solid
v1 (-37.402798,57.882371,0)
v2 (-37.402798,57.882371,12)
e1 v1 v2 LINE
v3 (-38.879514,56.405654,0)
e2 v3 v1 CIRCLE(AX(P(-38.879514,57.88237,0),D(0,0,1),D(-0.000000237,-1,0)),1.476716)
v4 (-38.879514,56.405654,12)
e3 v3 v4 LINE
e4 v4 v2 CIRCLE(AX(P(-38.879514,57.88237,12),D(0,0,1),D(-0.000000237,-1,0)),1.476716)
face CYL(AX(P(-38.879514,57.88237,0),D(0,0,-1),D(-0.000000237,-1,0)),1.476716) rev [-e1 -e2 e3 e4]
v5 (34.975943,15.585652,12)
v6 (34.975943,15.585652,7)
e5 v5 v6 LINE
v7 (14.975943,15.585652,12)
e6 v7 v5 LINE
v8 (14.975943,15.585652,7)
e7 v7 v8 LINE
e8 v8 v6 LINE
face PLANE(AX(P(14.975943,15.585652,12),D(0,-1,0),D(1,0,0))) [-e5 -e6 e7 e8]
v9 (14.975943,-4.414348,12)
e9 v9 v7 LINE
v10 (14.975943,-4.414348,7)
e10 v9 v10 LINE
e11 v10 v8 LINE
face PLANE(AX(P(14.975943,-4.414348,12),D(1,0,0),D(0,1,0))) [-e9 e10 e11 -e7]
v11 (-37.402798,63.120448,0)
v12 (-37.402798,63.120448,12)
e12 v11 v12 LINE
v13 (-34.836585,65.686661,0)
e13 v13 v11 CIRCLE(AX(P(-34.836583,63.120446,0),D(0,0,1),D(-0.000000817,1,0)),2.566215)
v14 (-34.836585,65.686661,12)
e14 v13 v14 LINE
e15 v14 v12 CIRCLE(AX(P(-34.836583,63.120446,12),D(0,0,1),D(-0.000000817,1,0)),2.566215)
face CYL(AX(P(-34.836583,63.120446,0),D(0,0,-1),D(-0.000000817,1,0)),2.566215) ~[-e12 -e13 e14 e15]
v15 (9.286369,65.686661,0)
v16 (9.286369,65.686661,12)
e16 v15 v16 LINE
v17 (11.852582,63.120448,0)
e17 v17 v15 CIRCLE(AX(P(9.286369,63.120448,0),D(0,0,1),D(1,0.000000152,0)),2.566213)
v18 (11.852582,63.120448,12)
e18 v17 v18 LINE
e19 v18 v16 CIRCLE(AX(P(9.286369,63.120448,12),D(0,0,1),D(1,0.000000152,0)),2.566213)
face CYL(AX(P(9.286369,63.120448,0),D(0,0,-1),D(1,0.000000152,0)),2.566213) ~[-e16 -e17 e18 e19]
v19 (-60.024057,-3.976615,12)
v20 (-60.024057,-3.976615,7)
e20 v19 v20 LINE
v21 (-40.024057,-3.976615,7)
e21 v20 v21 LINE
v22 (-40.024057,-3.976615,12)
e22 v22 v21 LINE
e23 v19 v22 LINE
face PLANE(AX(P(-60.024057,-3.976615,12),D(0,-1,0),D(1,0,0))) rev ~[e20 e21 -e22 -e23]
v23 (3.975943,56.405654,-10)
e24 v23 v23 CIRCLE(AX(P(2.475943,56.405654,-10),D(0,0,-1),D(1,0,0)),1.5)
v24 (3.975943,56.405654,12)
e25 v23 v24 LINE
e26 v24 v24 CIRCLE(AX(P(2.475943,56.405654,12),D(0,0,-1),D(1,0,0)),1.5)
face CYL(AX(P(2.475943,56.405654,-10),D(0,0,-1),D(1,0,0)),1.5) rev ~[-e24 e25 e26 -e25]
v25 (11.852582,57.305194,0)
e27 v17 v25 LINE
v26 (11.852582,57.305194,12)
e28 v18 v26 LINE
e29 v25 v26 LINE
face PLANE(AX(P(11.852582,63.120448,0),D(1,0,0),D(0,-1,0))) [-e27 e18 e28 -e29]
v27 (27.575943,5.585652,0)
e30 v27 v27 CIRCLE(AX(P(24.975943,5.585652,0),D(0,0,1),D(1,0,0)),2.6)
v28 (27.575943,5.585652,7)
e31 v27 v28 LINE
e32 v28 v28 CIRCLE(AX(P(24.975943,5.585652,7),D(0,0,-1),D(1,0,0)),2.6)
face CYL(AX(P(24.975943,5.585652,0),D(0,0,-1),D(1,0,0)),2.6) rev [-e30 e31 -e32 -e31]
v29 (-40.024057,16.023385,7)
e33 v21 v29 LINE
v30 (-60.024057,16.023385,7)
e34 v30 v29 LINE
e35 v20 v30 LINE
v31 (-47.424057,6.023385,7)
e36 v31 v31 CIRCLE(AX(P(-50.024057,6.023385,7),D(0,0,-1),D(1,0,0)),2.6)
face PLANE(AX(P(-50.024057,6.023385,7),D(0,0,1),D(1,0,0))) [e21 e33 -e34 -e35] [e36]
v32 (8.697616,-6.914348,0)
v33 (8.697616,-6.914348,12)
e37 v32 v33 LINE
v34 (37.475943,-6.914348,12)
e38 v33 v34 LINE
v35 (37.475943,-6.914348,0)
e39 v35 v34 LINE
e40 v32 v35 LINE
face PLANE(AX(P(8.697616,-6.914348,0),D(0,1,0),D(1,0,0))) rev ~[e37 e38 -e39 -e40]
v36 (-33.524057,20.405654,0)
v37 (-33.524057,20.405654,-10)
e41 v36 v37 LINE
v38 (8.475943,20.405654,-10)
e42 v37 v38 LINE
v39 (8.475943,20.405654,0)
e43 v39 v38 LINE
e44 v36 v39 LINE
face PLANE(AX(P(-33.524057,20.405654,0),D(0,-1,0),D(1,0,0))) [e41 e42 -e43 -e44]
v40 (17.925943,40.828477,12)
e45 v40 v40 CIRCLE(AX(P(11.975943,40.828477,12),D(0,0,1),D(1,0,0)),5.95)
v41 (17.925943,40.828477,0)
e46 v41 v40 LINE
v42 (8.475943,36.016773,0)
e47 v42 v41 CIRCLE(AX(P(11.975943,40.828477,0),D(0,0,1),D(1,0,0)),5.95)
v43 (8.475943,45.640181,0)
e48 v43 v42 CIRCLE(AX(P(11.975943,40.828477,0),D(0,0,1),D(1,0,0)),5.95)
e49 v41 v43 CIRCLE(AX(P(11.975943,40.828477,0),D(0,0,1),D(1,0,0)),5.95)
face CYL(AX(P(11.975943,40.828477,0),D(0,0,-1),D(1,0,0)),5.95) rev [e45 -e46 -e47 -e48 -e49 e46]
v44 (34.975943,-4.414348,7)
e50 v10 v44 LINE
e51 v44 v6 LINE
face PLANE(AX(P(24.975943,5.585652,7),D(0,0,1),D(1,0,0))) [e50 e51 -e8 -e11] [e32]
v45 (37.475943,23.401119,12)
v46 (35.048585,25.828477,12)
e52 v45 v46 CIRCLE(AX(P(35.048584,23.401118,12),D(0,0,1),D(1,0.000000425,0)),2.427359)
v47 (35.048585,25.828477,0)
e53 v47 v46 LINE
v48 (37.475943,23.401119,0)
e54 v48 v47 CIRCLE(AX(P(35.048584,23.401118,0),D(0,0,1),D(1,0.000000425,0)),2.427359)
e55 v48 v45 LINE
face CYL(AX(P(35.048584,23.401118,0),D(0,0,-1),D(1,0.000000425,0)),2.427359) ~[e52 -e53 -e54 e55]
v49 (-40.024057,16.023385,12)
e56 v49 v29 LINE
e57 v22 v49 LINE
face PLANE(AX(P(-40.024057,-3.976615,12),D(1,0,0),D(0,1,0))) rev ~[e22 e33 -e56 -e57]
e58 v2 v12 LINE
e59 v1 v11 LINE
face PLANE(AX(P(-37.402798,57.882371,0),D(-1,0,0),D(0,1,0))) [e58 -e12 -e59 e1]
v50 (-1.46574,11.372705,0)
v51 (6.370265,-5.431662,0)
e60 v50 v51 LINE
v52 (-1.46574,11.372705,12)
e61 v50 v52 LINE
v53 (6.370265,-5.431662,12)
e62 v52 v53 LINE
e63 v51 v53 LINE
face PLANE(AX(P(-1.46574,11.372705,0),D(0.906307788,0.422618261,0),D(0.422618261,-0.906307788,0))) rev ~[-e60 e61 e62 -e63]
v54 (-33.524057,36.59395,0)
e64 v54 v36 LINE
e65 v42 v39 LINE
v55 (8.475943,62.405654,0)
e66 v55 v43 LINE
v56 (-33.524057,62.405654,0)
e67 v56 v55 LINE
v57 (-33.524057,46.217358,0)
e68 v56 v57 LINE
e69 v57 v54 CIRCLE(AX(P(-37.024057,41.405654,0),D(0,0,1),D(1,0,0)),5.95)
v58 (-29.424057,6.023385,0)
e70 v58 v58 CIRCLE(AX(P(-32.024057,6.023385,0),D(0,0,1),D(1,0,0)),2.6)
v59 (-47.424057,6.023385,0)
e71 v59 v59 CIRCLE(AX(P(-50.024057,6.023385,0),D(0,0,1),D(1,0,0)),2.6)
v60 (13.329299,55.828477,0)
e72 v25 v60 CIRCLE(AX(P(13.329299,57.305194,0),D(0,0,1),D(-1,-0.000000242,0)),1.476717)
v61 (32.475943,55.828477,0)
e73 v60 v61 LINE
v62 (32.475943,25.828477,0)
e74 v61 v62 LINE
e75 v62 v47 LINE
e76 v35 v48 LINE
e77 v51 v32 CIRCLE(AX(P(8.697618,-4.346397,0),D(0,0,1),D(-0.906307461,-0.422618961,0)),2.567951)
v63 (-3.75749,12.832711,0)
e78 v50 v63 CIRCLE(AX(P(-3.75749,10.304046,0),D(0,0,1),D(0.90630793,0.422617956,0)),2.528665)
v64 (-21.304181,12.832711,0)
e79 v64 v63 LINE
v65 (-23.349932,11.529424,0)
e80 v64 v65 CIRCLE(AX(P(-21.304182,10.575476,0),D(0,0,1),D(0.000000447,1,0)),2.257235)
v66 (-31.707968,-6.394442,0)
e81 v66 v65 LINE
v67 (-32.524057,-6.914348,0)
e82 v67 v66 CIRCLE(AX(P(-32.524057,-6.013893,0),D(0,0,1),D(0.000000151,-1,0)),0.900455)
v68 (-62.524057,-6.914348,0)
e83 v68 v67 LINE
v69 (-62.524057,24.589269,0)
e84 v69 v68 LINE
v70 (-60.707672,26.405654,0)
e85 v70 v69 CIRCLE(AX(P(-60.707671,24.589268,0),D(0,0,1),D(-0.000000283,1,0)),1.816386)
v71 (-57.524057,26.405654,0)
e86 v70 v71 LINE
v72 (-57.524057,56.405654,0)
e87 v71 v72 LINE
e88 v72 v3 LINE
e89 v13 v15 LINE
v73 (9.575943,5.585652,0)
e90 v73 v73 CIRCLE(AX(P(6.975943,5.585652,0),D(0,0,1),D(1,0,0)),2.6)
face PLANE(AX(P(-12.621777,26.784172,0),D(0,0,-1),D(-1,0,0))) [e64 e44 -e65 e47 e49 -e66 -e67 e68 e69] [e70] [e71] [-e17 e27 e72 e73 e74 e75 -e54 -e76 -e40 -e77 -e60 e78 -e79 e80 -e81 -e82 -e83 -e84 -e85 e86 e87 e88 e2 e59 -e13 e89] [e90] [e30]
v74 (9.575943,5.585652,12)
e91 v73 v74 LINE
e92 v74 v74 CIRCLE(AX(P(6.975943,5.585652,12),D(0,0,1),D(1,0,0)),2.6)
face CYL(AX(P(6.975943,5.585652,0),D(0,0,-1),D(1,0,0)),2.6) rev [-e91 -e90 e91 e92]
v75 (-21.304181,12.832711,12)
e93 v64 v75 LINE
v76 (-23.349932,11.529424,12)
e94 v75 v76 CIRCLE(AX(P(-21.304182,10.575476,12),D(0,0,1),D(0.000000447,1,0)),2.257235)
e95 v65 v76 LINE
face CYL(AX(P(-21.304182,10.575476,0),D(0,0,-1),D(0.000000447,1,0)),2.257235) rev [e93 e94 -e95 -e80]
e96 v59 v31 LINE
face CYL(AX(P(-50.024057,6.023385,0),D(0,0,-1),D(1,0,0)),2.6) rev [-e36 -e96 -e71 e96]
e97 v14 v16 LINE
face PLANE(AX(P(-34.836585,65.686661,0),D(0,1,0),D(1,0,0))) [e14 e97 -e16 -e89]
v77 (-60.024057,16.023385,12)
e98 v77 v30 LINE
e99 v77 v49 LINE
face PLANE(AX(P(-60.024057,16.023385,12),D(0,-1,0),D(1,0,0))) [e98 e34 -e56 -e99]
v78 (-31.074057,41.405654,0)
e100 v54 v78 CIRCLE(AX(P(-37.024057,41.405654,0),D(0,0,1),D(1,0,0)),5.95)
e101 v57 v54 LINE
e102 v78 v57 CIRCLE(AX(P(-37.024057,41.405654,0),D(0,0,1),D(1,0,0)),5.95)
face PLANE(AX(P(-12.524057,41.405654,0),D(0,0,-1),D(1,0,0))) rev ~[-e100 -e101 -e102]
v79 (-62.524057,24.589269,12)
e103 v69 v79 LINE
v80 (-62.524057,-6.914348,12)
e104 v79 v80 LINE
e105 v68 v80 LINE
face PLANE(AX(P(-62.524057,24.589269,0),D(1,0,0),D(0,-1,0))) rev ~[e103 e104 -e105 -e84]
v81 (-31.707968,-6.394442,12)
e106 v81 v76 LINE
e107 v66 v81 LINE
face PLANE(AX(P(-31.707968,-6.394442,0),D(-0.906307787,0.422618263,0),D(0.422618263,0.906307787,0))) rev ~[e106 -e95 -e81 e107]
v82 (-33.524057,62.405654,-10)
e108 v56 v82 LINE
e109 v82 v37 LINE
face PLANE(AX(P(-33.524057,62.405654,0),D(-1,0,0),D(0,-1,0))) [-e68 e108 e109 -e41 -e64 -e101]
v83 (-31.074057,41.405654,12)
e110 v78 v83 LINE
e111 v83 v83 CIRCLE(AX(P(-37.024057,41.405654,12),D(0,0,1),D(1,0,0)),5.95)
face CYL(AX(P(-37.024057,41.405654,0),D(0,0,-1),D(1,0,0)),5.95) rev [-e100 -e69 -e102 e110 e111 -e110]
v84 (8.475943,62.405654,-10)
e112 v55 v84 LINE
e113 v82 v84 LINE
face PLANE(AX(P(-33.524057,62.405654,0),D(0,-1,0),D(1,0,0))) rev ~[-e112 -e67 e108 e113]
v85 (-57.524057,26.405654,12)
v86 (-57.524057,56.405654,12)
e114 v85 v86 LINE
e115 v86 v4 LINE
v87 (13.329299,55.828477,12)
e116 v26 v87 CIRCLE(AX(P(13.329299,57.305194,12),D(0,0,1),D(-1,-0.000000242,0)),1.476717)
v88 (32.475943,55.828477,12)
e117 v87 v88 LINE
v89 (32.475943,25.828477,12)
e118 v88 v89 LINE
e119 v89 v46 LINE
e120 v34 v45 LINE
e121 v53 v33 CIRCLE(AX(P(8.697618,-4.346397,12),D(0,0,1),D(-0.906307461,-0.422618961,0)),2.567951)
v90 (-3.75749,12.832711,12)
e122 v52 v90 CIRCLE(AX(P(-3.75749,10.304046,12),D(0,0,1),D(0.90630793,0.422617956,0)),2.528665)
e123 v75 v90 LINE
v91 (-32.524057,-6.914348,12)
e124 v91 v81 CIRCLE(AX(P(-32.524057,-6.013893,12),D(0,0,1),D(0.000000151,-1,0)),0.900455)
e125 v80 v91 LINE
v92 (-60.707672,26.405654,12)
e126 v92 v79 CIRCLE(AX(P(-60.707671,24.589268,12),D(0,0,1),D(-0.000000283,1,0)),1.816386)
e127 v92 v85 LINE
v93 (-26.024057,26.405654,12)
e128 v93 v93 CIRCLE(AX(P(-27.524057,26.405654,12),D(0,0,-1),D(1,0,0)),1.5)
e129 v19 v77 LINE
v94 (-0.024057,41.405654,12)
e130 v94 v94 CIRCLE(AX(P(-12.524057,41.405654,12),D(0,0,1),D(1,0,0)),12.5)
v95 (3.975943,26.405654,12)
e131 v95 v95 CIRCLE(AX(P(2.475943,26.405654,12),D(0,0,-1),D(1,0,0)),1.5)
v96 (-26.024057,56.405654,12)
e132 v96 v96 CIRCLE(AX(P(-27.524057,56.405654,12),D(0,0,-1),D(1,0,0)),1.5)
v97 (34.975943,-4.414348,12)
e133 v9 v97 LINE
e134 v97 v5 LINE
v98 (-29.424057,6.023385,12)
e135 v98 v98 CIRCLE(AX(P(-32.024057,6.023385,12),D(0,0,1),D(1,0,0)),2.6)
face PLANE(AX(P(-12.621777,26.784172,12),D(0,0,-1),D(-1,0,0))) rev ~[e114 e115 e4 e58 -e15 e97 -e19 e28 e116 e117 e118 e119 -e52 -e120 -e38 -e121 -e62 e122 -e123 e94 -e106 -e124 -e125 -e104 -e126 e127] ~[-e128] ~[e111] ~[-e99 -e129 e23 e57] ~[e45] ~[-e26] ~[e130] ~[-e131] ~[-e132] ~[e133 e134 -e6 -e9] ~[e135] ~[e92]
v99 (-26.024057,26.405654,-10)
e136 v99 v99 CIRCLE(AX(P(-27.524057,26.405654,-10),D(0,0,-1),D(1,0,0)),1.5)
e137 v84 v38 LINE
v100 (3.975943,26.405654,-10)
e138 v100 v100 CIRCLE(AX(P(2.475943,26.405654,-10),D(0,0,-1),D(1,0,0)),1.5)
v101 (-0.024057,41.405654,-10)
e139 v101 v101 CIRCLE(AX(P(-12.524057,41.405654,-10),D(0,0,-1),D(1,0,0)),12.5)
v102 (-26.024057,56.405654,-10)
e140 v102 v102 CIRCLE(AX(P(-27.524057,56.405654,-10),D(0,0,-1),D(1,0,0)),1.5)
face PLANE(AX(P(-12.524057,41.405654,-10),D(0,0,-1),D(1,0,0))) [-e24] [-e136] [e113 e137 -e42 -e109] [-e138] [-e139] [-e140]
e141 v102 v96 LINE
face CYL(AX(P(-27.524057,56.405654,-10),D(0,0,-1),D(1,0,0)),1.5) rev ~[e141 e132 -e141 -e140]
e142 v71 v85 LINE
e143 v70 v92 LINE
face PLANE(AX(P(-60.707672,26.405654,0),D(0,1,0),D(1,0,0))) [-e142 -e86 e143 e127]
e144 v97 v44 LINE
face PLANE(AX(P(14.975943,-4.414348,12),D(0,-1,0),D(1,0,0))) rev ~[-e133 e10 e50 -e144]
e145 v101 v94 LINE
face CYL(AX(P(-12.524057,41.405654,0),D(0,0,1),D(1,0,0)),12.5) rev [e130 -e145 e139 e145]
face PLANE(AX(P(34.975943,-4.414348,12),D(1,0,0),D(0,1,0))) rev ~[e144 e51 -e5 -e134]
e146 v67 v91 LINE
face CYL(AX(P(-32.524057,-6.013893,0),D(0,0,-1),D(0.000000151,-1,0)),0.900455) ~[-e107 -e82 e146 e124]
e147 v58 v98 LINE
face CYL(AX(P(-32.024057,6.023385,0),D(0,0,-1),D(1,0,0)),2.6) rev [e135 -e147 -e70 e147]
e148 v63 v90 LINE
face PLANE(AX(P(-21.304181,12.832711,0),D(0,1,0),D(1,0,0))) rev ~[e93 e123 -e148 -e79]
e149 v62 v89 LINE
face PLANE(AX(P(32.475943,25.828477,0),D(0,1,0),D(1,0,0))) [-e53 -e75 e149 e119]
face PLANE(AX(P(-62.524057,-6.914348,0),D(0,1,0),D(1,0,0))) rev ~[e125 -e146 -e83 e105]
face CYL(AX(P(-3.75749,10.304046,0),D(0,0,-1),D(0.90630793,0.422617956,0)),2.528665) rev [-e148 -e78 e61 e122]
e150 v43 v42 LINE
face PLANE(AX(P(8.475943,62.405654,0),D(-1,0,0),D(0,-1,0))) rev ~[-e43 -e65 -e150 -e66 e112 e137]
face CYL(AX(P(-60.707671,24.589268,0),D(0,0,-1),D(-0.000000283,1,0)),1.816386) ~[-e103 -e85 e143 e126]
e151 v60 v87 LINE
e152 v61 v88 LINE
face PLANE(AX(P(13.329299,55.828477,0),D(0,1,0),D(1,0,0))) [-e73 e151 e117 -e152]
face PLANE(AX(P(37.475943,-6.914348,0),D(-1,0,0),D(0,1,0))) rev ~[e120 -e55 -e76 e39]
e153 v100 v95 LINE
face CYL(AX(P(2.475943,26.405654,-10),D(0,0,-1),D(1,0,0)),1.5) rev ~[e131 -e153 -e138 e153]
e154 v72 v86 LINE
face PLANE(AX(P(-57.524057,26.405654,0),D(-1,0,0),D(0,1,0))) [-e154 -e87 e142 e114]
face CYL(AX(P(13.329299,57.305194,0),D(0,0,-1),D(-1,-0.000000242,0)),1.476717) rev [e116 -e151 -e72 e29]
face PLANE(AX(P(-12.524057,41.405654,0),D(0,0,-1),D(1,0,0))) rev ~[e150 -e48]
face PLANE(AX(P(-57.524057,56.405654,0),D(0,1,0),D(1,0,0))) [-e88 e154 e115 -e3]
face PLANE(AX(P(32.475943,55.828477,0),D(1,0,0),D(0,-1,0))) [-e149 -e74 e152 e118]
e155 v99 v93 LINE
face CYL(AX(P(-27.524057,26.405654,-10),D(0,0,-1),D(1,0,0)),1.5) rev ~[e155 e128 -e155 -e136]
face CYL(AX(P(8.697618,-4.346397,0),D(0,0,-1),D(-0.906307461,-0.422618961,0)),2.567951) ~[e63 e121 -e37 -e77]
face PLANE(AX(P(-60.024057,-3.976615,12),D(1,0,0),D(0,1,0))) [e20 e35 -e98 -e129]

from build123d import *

# Parameters (mm, degrees)
SKETCH_R        = 2.6
SKETCH_R_2      = 12.5
SKETCH_R_3      = 5.95
PAD_DEPTH       = 12
SKETCH001_W     = 42
SKETCH001_H     = 42
SKETCH001_R     = 12.5
PAD001_DEPTH    = 10
SKETCH002_R     = 1.5
POCKET_DEPTH    = 35
SKETCH003_W     = 20
SKETCH003_H     = 20
POCKET001_DEPTH = 5


with BuildPart() as part:
    # Sketch → Pad (new body)
    with BuildSketch(Plane.XY):
        with BuildLine():
            Line((32.475943, 55.828477), (32.475943, 25.828477))
            Line((32.475943, 25.828477), (35.048585, 25.828477))
            ThreePointArc((37.475943, 23.401119), (36.764986, 25.11752), (35.048585, 25.828477))
            Line((37.475943, 23.401119), (37.475943, 20.978201))
            Line((37.475943, -6.914348), (37.475943, 20.978201))
            Line((8.697616, -6.914348), (37.475943, -6.914348))
            ThreePointArc((6.370265, -5.431662), (7.317859, -6.512185), (8.697616, -6.914348))
            Line((-1.46574, 11.372705), (6.370265, -5.431662))
            ThreePointArc((-1.46574, 11.372705), (-2.398838, 12.4367), (-3.75749, 12.832711))
            Line((-21.304181, 12.832711), (-3.75749, 12.832711))
            ThreePointArc((-21.304181, 12.832711), (-22.516993, 12.479209), (-23.349932, 11.529424))
            Line((-31.707968, -6.394442), (-23.349932, 11.529424))
            ThreePointArc((-32.524057, -6.914348), (-32.040243, -6.773329), (-31.707968, -6.394442))
            Line((-62.524057, -6.914348), (-32.524057, -6.914348))
            Line((-62.524057, 17.407665), (-62.524057, -6.914348))
            Line((-62.524057, 17.407665), (-62.524057, 24.589269))
            ThreePointArc((-60.707672, 26.405654), (-61.99205, 25.873647), (-62.524057, 24.589269))
            Line((-60.707672, 26.405654), (-57.524057, 26.405654))
            Line((-57.524057, 26.405654), (-57.524057, 56.405654))
            Line((-57.524057, 56.405654), (-38.879514, 56.405654))
            ThreePointArc((-38.879514, 56.405654), (-37.835318, 56.838174), (-37.402798, 57.882371))
            Line((-37.402798, 57.882371), (-37.402798, 63.120448))
            ThreePointArc((-34.836585, 65.686661), (-36.651171, 64.935034), (-37.402798, 63.120448))
            Line((-34.836585, 65.686661), (9.286369, 65.686661))
            ThreePointArc((11.852582, 63.120448), (11.100956, 64.935034), (9.286369, 65.686661))
            Line((11.852582, 63.120448), (11.852582, 57.305194))
            ThreePointArc((11.852582, 57.305194), (12.285103, 56.260997), (13.329299, 55.828477))
            Line((13.329299, 55.828477), (32.475943, 55.828477))
        make_face()
        with Locations((-50.024057, 6.023385)):
            Circle(SKETCH_R, mode=Mode.SUBTRACT)
        with Locations((-32.024057, 6.023385)):
            Circle(SKETCH_R, mode=Mode.SUBTRACT)
        with Locations((24.975943, 5.585652)):
            Circle(SKETCH_R, mode=Mode.SUBTRACT)
        with Locations((6.975943, 5.585652)):
            Circle(SKETCH_R, mode=Mode.SUBTRACT)
        with Locations((-12.524057, 41.405654)):
            Circle(SKETCH_R_2, mode=Mode.SUBTRACT)
        with Locations((-37.024057, 41.405654)):
            Circle(SKETCH_R_3, mode=Mode.SUBTRACT)
        with Locations((11.975943, 40.828477)):
            Circle(SKETCH_R_3, mode=Mode.SUBTRACT)
    extrude(amount=PAD_DEPTH)

    # Sketch001 (on Face36 of Pad) → Pad001 (join)
    with BuildSketch(Plane(origin=(0, 0, 0), x_dir=(1, 0, 0), z_dir=(0, 0, -1))):
        with Locations((-12.524057, -41.405654)):
            Rectangle(SKETCH001_W, SKETCH001_H)
        with Locations((-12.524057, -41.405654)):
            Circle(SKETCH001_R, mode=Mode.SUBTRACT)
    extrude(amount=PAD001_DEPTH)

    # Sketch002 (on Face43 of Pad001) → Pocket (cut)
    with BuildSketch(Plane(origin=(0, 0, -10), x_dir=(1, 0, 0), z_dir=(0, 0, -1))):
        with Locations((-27.524057, -26.405654)):
            Circle(SKETCH002_R)
        with Locations((2.475943, -26.405654)):
            Circle(SKETCH002_R)
        with Locations((2.475943, -56.405654)):
            Circle(SKETCH002_R)
        with Locations((-27.524057, -56.405654)):
            Circle(SKETCH002_R)
    extrude(amount=-POCKET_DEPTH, mode=Mode.SUBTRACT)

    # Sketch003 (on Face5 of Pocket) → Pocket001 (cut)
    with BuildSketch(Plane.XY.offset(12)):
        with Locations((-50.024057, 6.023385)):
            Rectangle(SKETCH003_W, SKETCH003_H)
        with Locations((24.975943, 5.585652)):
            Rectangle(SKETCH003_W, SKETCH003_H)
    extrude(amount=-POCKET001_DEPTH, mode=Mode.SUBTRACT)


solid = part.part
